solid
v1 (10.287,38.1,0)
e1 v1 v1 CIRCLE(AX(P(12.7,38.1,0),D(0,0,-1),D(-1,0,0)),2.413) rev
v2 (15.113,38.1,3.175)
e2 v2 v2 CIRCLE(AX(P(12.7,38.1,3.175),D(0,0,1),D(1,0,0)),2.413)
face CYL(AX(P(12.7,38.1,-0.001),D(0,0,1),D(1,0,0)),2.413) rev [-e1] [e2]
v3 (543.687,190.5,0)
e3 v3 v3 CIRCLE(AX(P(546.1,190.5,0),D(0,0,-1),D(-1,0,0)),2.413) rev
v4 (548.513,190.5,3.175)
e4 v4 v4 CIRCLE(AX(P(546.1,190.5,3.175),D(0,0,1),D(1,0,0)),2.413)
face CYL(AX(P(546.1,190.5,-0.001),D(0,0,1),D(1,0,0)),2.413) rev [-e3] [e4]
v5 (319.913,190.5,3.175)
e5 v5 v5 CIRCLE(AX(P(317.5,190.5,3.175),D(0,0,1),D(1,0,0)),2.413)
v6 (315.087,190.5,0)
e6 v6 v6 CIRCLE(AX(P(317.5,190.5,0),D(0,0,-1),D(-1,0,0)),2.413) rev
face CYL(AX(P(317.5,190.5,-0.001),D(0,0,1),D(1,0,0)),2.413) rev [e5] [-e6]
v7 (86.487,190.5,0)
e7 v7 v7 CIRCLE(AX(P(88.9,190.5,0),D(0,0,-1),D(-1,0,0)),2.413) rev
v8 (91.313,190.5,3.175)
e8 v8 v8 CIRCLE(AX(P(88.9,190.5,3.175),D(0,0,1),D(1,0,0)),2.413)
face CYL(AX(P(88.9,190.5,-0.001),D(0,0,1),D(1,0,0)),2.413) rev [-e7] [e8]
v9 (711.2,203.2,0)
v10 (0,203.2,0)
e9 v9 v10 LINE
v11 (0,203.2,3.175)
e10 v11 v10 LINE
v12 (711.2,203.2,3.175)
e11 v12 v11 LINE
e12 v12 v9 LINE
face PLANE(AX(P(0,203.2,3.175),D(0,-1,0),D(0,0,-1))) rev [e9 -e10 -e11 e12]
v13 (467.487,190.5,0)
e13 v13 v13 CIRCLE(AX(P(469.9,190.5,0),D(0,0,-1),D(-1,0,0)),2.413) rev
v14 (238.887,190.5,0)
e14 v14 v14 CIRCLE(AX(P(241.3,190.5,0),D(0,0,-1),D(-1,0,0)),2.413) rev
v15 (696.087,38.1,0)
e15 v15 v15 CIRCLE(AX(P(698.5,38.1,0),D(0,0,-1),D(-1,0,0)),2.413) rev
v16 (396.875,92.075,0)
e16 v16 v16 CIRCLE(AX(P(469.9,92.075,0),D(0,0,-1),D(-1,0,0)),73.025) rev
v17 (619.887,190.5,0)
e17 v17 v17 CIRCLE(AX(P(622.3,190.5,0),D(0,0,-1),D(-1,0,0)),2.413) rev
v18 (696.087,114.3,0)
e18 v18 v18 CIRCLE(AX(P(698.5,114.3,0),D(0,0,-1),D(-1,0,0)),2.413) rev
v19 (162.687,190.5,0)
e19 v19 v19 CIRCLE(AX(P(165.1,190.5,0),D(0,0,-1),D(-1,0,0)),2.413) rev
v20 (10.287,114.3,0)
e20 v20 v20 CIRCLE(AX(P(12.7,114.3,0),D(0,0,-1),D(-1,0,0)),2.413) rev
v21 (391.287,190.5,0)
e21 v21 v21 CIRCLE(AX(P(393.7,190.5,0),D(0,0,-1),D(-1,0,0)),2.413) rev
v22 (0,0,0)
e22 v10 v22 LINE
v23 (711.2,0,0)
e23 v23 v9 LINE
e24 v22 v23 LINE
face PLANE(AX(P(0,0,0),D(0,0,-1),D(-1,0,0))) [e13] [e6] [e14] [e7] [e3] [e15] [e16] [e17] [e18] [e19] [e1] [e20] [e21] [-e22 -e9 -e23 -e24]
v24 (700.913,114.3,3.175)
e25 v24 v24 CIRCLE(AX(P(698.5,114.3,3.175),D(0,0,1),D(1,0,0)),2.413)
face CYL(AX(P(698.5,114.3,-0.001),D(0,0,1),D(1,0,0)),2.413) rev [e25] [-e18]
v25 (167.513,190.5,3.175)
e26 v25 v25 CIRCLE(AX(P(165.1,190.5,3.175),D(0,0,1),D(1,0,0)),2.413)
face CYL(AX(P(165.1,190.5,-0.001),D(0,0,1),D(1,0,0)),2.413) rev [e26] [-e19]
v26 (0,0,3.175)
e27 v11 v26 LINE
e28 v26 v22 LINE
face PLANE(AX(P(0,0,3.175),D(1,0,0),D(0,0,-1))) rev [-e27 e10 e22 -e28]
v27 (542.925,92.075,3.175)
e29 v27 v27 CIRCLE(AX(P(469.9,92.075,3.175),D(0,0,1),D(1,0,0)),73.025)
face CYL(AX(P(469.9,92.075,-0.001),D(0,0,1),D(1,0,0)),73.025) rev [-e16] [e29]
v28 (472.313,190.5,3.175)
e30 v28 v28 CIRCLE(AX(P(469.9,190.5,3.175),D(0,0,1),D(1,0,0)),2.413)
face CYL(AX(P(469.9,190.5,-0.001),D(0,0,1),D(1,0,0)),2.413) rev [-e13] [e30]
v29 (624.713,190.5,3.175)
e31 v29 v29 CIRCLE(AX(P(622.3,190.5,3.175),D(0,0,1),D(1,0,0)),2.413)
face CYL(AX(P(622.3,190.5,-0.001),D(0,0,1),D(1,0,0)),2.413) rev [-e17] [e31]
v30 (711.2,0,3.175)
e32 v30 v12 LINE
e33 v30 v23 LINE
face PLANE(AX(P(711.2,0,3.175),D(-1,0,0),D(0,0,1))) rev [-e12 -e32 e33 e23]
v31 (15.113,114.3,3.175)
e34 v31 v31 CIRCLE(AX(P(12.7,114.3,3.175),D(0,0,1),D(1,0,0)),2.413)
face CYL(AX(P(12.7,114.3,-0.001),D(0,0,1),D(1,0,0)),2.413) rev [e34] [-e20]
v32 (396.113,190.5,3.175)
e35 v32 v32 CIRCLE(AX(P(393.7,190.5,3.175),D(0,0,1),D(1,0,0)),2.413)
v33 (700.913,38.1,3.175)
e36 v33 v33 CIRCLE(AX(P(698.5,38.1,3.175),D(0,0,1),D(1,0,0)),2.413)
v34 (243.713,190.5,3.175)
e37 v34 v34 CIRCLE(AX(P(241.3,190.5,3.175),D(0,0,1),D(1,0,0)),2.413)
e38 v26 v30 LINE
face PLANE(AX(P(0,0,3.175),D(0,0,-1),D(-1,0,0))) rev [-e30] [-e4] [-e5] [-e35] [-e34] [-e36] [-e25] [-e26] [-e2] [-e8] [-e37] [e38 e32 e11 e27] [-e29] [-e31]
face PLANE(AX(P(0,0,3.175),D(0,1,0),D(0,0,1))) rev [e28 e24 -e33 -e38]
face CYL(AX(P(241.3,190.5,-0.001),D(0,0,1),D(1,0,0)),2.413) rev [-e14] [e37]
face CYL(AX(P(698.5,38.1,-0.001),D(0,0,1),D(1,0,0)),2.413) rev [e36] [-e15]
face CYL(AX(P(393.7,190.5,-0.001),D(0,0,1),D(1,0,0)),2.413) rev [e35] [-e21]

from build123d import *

# Parameters (mm, degrees)
SKETCH1_W           = 711.2
SKETCH1_H           = 203.2
BOSS_EXTRUDE1_DEPTH = 3.175
CUT_EXTRUDE1_REACH  = 5.175
SKETCH2_R           = 2.413
CUT_EXTRUDE2_REACH  = 5.175
SKETCH3_R           = 73.025


with BuildPart() as part:
    # Sketch1 → Boss-Extrude1 (new body)
    with BuildSketch(Plane.XY):
        with Locations((355.6, 101.6)):
            Rectangle(SKETCH1_W, SKETCH1_H)
    extrude(amount=BOSS_EXTRUDE1_DEPTH)

    # Sketch2 → Cut-Extrude1 (cut, up to next)
    with BuildSketch(Plane.XY.offset(3.175), mode=Mode.PRIVATE) as cut_extrude1_sk1:
        with Locations((12.7, 114.3)):
            Circle(SKETCH2_R)
    cut_extrude1_tool1 = extrude(cut_extrude1_sk1.sketch, amount=-CUT_EXTRUDE1_REACH, mode=Mode.PRIVATE) & part.part
    add(cut_extrude1_tool1.solids().sort_by_distance((12.7, 114.3, 3.175))[0], mode=Mode.SUBTRACT)
    # Sketch2 → Cut-Extrude1 (cut, up to next)
    with BuildSketch(Plane.XY.offset(3.175), mode=Mode.PRIVATE) as cut_extrude1_sk2:
        with Locations((698.5, 114.3)):
            Circle(SKETCH2_R)
    cut_extrude1_tool2 = extrude(cut_extrude1_sk2.sketch, amount=-CUT_EXTRUDE1_REACH, mode=Mode.PRIVATE) & part.part
    add(cut_extrude1_tool2.solids().sort_by_distance((698.5, 114.3, 3.175))[0], mode=Mode.SUBTRACT)
    # Sketch2 → Cut-Extrude1 (cut, up to next)
    with BuildSketch(Plane.XY.offset(3.175), mode=Mode.PRIVATE) as cut_extrude1_sk3:
        with Locations((12.7, 38.1)):
            Circle(SKETCH2_R)
    cut_extrude1_tool3 = extrude(cut_extrude1_sk3.sketch, amount=-CUT_EXTRUDE1_REACH, mode=Mode.PRIVATE) & part.part
    add(cut_extrude1_tool3.solids().sort_by_distance((12.7, 38.1, 3.175))[0], mode=Mode.SUBTRACT)
    # Sketch2 → Cut-Extrude1 (cut, up to next)
    with BuildSketch(Plane.XY.offset(3.175), mode=Mode.PRIVATE) as cut_extrude1_sk4:
        with Locations((698.5, 38.1)):
            Circle(SKETCH2_R)
    cut_extrude1_tool4 = extrude(cut_extrude1_sk4.sketch, amount=-CUT_EXTRUDE1_REACH, mode=Mode.PRIVATE) & part.part
    add(cut_extrude1_tool4.solids().sort_by_distance((698.5, 38.1, 3.175))[0], mode=Mode.SUBTRACT)
    # Sketch2 → Cut-Extrude1 (cut, up to next)
    with BuildSketch(Plane.XY.offset(3.175), mode=Mode.PRIVATE) as cut_extrude1_sk5:
        with Locations((88.9, 190.5)):
            Circle(SKETCH2_R)
    cut_extrude1_tool5 = extrude(cut_extrude1_sk5.sketch, amount=-CUT_EXTRUDE1_REACH, mode=Mode.PRIVATE) & part.part
    add(cut_extrude1_tool5.solids().sort_by_distance((88.9, 190.5, 3.175))[0], mode=Mode.SUBTRACT)
    # Sketch2 → Cut-Extrude1 (cut, up to next)
    with BuildSketch(Plane.XY.offset(3.175), mode=Mode.PRIVATE) as cut_extrude1_sk6:
        with Locations((165.1, 190.5)):
            Circle(SKETCH2_R)
    cut_extrude1_tool6 = extrude(cut_extrude1_sk6.sketch, amount=-CUT_EXTRUDE1_REACH, mode=Mode.PRIVATE) & part.part
    add(cut_extrude1_tool6.solids().sort_by_distance((165.1, 190.5, 3.175))[0], mode=Mode.SUBTRACT)
    # Sketch2 → Cut-Extrude1 (cut, up to next)
    with BuildSketch(Plane.XY.offset(3.175), mode=Mode.PRIVATE) as cut_extrude1_sk7:
        with Locations((241.3, 190.5)):
            Circle(SKETCH2_R)
    cut_extrude1_tool7 = extrude(cut_extrude1_sk7.sketch, amount=-CUT_EXTRUDE1_REACH, mode=Mode.PRIVATE) & part.part
    add(cut_extrude1_tool7.solids().sort_by_distance((241.3, 190.5, 3.175))[0], mode=Mode.SUBTRACT)
    # Sketch2 → Cut-Extrude1 (cut, up to next)
    with BuildSketch(Plane.XY.offset(3.175), mode=Mode.PRIVATE) as cut_extrude1_sk8:
        with Locations((622.3, 190.5)):
            Circle(SKETCH2_R)
    cut_extrude1_tool8 = extrude(cut_extrude1_sk8.sketch, amount=-CUT_EXTRUDE1_REACH, mode=Mode.PRIVATE) & part.part
    add(cut_extrude1_tool8.solids().sort_by_distance((622.3, 190.5, 3.175))[0], mode=Mode.SUBTRACT)
    # Sketch2 → Cut-Extrude1 (cut, up to next)
    with BuildSketch(Plane.XY.offset(3.175), mode=Mode.PRIVATE) as cut_extrude1_sk9:
        with Locations((546.1, 190.5)):
            Circle(SKETCH2_R)
    cut_extrude1_tool9 = extrude(cut_extrude1_sk9.sketch, amount=-CUT_EXTRUDE1_REACH, mode=Mode.PRIVATE) & part.part
    add(cut_extrude1_tool9.solids().sort_by_distance((546.1, 190.5, 3.175))[0], mode=Mode.SUBTRACT)
    # Sketch2 → Cut-Extrude1 (cut, up to next)
    with BuildSketch(Plane.XY.offset(3.175), mode=Mode.PRIVATE) as cut_extrude1_sk10:
        with Locations((469.9, 190.5)):
            Circle(SKETCH2_R)
    cut_extrude1_tool10 = extrude(cut_extrude1_sk10.sketch, amount=-CUT_EXTRUDE1_REACH, mode=Mode.PRIVATE) & part.part
    add(cut_extrude1_tool10.solids().sort_by_distance((469.9, 190.5, 3.175))[0], mode=Mode.SUBTRACT)
    # Sketch2 → Cut-Extrude1 (cut, up to next)
    with BuildSketch(Plane.XY.offset(3.175), mode=Mode.PRIVATE) as cut_extrude1_sk11:
        with Locations((393.7, 190.5)):
            Circle(SKETCH2_R)
    cut_extrude1_tool11 = extrude(cut_extrude1_sk11.sketch, amount=-CUT_EXTRUDE1_REACH, mode=Mode.PRIVATE) & part.part
    add(cut_extrude1_tool11.solids().sort_by_distance((393.7, 190.5, 3.175))[0], mode=Mode.SUBTRACT)
    # Sketch2 → Cut-Extrude1 (cut, up to next)
    with BuildSketch(Plane.XY.offset(3.175), mode=Mode.PRIVATE) as cut_extrude1_sk12:
        with Locations((317.5, 190.5)):
            Circle(SKETCH2_R)
    cut_extrude1_tool12 = extrude(cut_extrude1_sk12.sketch, amount=-CUT_EXTRUDE1_REACH, mode=Mode.PRIVATE) & part.part
    add(cut_extrude1_tool12.solids().sort_by_distance((317.5, 190.5, 3.175))[0], mode=Mode.SUBTRACT)

    # Sketch3 → Cut-Extrude2 (cut, up to next)
    with BuildSketch(Plane.XY.offset(3.175), mode=Mode.PRIVATE) as cut_extrude2_sk1:
        with Locations((469.9, 92.075)):
            Circle(SKETCH3_R)
    cut_extrude2_tool1 = extrude(cut_extrude2_sk1.sketch, amount=-CUT_EXTRUDE2_REACH, mode=Mode.PRIVATE) & part.part
    add(cut_extrude2_tool1.solids().sort_by_distance((469.9, 92.075, 3.175))[0], mode=Mode.SUBTRACT)


solid = part.part
